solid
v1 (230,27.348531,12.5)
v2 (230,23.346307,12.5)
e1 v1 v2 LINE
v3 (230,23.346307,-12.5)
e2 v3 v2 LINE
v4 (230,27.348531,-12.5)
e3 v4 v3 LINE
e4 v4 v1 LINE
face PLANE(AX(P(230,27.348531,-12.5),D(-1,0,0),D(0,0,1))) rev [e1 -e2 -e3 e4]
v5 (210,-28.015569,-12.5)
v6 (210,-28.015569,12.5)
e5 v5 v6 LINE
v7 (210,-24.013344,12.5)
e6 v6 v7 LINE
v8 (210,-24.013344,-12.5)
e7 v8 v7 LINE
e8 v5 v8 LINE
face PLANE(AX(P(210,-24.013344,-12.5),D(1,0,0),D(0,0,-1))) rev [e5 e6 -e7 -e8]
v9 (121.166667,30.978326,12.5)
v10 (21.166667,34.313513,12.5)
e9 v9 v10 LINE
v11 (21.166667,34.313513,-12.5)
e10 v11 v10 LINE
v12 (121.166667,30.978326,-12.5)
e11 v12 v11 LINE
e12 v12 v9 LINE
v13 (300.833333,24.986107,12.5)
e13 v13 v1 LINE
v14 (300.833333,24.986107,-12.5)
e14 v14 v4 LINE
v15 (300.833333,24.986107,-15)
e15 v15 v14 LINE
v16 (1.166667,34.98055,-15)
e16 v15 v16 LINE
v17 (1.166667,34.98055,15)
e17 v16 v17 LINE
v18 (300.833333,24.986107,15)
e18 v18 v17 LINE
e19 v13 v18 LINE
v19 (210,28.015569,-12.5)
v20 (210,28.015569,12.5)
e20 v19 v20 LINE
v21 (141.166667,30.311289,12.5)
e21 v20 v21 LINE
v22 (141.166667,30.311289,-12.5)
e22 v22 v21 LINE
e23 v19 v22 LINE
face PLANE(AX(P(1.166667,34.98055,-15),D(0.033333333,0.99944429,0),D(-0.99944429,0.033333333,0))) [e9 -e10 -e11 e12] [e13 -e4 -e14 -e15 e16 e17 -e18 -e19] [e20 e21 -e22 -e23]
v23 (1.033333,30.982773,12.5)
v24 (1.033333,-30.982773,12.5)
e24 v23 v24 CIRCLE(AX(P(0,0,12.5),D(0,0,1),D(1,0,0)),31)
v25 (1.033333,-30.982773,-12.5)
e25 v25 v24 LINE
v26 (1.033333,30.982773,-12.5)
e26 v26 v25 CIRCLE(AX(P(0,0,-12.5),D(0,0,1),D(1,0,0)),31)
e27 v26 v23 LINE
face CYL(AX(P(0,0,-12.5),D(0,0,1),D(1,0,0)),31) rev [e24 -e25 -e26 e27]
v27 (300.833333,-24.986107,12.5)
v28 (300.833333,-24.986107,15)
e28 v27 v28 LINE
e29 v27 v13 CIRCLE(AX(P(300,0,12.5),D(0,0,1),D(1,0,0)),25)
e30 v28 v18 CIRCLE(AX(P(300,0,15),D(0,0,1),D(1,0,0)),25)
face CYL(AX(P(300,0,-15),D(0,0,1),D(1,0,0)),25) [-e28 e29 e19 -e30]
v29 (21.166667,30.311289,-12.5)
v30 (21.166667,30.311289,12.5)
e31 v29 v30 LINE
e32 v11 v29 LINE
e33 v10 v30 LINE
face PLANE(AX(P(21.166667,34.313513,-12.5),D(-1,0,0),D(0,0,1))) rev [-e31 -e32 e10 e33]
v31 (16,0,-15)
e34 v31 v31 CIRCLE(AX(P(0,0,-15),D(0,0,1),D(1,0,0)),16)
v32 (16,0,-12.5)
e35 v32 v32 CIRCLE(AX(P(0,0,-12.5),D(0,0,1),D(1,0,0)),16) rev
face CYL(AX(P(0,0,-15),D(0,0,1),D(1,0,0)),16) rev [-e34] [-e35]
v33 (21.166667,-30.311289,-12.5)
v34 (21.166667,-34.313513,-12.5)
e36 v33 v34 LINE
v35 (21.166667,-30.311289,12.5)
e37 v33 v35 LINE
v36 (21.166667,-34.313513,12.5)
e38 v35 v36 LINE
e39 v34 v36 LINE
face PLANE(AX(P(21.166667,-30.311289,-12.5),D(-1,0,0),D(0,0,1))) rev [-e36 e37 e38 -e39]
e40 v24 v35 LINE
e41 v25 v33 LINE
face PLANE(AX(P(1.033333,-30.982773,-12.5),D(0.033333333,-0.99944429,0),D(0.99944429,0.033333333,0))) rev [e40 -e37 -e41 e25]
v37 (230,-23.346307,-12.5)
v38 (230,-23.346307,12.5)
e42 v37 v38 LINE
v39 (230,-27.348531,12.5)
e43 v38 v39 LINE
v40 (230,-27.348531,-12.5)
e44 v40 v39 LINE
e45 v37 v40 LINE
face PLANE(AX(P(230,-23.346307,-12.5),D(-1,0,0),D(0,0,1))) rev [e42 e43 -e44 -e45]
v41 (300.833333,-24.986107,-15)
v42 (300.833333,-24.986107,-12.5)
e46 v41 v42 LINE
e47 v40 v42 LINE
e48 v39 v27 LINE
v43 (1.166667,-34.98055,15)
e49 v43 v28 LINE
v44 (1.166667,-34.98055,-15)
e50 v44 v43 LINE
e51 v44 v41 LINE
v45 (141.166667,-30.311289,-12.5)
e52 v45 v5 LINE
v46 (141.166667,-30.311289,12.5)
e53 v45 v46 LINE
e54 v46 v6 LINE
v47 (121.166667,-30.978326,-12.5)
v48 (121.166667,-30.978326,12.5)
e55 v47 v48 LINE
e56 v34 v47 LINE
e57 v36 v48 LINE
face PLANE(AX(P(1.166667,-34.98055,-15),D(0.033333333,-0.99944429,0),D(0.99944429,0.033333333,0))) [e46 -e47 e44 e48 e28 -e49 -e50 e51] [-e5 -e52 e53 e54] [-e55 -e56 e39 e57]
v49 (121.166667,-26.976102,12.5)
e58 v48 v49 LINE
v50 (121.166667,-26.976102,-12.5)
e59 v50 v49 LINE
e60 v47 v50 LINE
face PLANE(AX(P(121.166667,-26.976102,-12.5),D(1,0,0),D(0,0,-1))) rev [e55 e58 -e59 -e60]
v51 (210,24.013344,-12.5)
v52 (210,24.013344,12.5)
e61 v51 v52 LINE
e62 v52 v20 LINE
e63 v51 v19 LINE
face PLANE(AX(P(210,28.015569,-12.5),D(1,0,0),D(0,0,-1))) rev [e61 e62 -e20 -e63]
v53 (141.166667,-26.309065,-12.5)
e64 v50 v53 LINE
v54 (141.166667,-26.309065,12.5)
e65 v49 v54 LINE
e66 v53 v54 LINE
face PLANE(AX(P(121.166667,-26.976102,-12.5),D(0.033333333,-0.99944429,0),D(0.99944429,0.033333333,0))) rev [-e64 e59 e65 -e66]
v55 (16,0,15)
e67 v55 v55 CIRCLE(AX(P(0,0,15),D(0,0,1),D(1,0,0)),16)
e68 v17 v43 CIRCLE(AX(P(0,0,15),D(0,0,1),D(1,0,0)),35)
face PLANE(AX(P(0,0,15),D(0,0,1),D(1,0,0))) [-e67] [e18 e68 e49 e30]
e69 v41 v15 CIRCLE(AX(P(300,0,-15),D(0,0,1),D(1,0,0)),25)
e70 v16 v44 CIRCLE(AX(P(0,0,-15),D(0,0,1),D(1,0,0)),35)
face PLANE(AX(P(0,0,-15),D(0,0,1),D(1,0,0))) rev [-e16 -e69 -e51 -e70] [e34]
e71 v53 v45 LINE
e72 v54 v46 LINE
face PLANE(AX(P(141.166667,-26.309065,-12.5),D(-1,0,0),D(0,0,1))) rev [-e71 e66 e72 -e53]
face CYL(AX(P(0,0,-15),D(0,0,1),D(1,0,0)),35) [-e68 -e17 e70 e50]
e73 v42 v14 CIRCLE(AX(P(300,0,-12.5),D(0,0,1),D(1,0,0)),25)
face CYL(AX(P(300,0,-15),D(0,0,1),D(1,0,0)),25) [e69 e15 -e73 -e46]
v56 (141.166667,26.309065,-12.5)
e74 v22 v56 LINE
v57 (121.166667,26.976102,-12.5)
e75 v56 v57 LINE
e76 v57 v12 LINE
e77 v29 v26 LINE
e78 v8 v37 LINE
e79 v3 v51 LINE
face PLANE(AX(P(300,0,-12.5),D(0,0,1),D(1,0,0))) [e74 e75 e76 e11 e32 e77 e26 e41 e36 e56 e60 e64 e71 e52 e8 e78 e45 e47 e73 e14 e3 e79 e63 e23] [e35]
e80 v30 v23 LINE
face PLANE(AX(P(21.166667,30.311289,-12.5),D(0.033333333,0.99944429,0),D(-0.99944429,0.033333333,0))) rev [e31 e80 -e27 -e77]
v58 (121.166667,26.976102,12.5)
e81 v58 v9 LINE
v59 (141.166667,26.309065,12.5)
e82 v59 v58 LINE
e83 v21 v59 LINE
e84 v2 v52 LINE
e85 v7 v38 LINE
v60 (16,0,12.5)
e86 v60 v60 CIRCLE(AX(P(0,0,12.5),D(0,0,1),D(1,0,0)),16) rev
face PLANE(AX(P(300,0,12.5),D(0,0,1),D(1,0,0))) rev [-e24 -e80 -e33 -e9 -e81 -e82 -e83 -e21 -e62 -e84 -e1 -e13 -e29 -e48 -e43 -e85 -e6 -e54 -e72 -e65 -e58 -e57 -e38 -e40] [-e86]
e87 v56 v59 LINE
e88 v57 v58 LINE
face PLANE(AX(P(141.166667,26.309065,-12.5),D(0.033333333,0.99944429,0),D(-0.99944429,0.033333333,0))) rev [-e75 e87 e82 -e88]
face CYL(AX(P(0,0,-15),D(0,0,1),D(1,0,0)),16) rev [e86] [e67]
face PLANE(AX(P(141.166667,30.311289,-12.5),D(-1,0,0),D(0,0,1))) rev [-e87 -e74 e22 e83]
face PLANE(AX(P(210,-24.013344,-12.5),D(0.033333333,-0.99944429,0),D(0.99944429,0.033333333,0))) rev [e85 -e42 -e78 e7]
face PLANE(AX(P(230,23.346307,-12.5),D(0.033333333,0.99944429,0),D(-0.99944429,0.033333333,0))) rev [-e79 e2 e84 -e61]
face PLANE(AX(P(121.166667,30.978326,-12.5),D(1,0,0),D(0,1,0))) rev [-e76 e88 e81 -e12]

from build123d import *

# Parameters (mm, degrees)
EXTRUDE_1_DEPTH          = 15
CUT_EXTRUDE_1_DEPTH      = 328.223165439
CUT_EXTRUDE_1_DEPTH_BACK = 328.223165439
SKETCH_3_R               = 16
CUT_EXTRUDE_2_DEPTH      = 12.5


with BuildPart() as part:
    # Эскиз1 → Бобышка-Вытянуть1 (new, symmetric)
    with BuildSketch(Plane.XY):
        with BuildLine():
            Line((1.166666667, 34.980550151), (300.833333333, 24.986107251))
            ThreePointArc((300.833333333, 24.986107251), (325, 0), (300.833333333, -24.986107251))
            Line((300.833333333, -24.986107251), (1.166666667, -34.980550151))
            ThreePointArc((1.166666667, -34.980550151), (-35, 0), (1.166666667, 34.980550151))
        make_face()
    extrude(amount=EXTRUDE_1_DEPTH, both=True)

    # Эскиз3 → Вырез-Вытянуть1 (cut, two sides: drawn at the far end of the back side and taken through both)
    with BuildSketch(Plane.XY.offset(-CUT_EXTRUDE_1_DEPTH_BACK)):
        Circle(SKETCH_3_R)
    extrude(amount=CUT_EXTRUDE_1_DEPTH + CUT_EXTRUDE_1_DEPTH_BACK, mode=Mode.SUBTRACT)

    # Эскиз4 → Вырез-Вытянуть2 (cut, symmetric)
    with BuildSketch(Plane.XY):
        with BuildLine():
            Line((230, 23.346307109), (210, 24.013344455))
            Line((210, 24.013344455), (210, 28.015568531))
            Line((210, 28.015568531), (141.166666667, 30.31128873))
            Line((141.166666667, 30.31128873), (141.166666667, 26.309064654))
            Line((141.166666667, 26.309064654), (121.166666667, 26.976102))
            Line((121.166666667, 26.976102), (121.166666667, 30.978326076))
            Line((121.166666667, 30.978326076), (21.166666667, 34.313512805))
            Line((21.166666667, 34.313512805), (21.166666667, 30.31128873))
            Line((21.166666667, 30.31128873), (1.033333333, 30.982772991))
            ThreePointArc((1.033333333, 30.982772991), (-31, 0), (1.033333333, -30.982772991))
            Line((1.033333333, -30.982772991), (21.166666667, -30.31128873))
            Line((21.166666667, -30.31128873), (21.166666667, -34.313512805))
            Line((21.166666667, -34.313512805), (121.166666667, -30.978326076))
            Line((121.166666667, -30.978326076), (121.166666667, -26.976102))
            Line((121.166666667, -26.976102), (141.166666667, -26.309064654))
            Line((141.166666667, -26.309064654), (141.166666667, -30.31128873))
            Line((141.166666667, -30.31128873), (210, -28.015568531))
            Line((210, -28.015568531), (210, -24.013344455))
            Line((210, -24.013344455), (230, -23.346307109))
            Line((230, -23.346307109), (230, -27.348531185))
            Line((230, -27.348531185), (300.833333333, -24.986107251))
            ThreePointArc((300.833333333, -24.986107251), (325, 0), (300.833333333, 24.986107251))
            Line((300.833333333, 24.986107251), (230, 27.348531185))
            Line((230, 27.348531185), (230, 23.346307109))
        make_face()
    extrude(amount=CUT_EXTRUDE_2_DEPTH, both=True, mode=Mode.SUBTRACT)


solid = part.part
